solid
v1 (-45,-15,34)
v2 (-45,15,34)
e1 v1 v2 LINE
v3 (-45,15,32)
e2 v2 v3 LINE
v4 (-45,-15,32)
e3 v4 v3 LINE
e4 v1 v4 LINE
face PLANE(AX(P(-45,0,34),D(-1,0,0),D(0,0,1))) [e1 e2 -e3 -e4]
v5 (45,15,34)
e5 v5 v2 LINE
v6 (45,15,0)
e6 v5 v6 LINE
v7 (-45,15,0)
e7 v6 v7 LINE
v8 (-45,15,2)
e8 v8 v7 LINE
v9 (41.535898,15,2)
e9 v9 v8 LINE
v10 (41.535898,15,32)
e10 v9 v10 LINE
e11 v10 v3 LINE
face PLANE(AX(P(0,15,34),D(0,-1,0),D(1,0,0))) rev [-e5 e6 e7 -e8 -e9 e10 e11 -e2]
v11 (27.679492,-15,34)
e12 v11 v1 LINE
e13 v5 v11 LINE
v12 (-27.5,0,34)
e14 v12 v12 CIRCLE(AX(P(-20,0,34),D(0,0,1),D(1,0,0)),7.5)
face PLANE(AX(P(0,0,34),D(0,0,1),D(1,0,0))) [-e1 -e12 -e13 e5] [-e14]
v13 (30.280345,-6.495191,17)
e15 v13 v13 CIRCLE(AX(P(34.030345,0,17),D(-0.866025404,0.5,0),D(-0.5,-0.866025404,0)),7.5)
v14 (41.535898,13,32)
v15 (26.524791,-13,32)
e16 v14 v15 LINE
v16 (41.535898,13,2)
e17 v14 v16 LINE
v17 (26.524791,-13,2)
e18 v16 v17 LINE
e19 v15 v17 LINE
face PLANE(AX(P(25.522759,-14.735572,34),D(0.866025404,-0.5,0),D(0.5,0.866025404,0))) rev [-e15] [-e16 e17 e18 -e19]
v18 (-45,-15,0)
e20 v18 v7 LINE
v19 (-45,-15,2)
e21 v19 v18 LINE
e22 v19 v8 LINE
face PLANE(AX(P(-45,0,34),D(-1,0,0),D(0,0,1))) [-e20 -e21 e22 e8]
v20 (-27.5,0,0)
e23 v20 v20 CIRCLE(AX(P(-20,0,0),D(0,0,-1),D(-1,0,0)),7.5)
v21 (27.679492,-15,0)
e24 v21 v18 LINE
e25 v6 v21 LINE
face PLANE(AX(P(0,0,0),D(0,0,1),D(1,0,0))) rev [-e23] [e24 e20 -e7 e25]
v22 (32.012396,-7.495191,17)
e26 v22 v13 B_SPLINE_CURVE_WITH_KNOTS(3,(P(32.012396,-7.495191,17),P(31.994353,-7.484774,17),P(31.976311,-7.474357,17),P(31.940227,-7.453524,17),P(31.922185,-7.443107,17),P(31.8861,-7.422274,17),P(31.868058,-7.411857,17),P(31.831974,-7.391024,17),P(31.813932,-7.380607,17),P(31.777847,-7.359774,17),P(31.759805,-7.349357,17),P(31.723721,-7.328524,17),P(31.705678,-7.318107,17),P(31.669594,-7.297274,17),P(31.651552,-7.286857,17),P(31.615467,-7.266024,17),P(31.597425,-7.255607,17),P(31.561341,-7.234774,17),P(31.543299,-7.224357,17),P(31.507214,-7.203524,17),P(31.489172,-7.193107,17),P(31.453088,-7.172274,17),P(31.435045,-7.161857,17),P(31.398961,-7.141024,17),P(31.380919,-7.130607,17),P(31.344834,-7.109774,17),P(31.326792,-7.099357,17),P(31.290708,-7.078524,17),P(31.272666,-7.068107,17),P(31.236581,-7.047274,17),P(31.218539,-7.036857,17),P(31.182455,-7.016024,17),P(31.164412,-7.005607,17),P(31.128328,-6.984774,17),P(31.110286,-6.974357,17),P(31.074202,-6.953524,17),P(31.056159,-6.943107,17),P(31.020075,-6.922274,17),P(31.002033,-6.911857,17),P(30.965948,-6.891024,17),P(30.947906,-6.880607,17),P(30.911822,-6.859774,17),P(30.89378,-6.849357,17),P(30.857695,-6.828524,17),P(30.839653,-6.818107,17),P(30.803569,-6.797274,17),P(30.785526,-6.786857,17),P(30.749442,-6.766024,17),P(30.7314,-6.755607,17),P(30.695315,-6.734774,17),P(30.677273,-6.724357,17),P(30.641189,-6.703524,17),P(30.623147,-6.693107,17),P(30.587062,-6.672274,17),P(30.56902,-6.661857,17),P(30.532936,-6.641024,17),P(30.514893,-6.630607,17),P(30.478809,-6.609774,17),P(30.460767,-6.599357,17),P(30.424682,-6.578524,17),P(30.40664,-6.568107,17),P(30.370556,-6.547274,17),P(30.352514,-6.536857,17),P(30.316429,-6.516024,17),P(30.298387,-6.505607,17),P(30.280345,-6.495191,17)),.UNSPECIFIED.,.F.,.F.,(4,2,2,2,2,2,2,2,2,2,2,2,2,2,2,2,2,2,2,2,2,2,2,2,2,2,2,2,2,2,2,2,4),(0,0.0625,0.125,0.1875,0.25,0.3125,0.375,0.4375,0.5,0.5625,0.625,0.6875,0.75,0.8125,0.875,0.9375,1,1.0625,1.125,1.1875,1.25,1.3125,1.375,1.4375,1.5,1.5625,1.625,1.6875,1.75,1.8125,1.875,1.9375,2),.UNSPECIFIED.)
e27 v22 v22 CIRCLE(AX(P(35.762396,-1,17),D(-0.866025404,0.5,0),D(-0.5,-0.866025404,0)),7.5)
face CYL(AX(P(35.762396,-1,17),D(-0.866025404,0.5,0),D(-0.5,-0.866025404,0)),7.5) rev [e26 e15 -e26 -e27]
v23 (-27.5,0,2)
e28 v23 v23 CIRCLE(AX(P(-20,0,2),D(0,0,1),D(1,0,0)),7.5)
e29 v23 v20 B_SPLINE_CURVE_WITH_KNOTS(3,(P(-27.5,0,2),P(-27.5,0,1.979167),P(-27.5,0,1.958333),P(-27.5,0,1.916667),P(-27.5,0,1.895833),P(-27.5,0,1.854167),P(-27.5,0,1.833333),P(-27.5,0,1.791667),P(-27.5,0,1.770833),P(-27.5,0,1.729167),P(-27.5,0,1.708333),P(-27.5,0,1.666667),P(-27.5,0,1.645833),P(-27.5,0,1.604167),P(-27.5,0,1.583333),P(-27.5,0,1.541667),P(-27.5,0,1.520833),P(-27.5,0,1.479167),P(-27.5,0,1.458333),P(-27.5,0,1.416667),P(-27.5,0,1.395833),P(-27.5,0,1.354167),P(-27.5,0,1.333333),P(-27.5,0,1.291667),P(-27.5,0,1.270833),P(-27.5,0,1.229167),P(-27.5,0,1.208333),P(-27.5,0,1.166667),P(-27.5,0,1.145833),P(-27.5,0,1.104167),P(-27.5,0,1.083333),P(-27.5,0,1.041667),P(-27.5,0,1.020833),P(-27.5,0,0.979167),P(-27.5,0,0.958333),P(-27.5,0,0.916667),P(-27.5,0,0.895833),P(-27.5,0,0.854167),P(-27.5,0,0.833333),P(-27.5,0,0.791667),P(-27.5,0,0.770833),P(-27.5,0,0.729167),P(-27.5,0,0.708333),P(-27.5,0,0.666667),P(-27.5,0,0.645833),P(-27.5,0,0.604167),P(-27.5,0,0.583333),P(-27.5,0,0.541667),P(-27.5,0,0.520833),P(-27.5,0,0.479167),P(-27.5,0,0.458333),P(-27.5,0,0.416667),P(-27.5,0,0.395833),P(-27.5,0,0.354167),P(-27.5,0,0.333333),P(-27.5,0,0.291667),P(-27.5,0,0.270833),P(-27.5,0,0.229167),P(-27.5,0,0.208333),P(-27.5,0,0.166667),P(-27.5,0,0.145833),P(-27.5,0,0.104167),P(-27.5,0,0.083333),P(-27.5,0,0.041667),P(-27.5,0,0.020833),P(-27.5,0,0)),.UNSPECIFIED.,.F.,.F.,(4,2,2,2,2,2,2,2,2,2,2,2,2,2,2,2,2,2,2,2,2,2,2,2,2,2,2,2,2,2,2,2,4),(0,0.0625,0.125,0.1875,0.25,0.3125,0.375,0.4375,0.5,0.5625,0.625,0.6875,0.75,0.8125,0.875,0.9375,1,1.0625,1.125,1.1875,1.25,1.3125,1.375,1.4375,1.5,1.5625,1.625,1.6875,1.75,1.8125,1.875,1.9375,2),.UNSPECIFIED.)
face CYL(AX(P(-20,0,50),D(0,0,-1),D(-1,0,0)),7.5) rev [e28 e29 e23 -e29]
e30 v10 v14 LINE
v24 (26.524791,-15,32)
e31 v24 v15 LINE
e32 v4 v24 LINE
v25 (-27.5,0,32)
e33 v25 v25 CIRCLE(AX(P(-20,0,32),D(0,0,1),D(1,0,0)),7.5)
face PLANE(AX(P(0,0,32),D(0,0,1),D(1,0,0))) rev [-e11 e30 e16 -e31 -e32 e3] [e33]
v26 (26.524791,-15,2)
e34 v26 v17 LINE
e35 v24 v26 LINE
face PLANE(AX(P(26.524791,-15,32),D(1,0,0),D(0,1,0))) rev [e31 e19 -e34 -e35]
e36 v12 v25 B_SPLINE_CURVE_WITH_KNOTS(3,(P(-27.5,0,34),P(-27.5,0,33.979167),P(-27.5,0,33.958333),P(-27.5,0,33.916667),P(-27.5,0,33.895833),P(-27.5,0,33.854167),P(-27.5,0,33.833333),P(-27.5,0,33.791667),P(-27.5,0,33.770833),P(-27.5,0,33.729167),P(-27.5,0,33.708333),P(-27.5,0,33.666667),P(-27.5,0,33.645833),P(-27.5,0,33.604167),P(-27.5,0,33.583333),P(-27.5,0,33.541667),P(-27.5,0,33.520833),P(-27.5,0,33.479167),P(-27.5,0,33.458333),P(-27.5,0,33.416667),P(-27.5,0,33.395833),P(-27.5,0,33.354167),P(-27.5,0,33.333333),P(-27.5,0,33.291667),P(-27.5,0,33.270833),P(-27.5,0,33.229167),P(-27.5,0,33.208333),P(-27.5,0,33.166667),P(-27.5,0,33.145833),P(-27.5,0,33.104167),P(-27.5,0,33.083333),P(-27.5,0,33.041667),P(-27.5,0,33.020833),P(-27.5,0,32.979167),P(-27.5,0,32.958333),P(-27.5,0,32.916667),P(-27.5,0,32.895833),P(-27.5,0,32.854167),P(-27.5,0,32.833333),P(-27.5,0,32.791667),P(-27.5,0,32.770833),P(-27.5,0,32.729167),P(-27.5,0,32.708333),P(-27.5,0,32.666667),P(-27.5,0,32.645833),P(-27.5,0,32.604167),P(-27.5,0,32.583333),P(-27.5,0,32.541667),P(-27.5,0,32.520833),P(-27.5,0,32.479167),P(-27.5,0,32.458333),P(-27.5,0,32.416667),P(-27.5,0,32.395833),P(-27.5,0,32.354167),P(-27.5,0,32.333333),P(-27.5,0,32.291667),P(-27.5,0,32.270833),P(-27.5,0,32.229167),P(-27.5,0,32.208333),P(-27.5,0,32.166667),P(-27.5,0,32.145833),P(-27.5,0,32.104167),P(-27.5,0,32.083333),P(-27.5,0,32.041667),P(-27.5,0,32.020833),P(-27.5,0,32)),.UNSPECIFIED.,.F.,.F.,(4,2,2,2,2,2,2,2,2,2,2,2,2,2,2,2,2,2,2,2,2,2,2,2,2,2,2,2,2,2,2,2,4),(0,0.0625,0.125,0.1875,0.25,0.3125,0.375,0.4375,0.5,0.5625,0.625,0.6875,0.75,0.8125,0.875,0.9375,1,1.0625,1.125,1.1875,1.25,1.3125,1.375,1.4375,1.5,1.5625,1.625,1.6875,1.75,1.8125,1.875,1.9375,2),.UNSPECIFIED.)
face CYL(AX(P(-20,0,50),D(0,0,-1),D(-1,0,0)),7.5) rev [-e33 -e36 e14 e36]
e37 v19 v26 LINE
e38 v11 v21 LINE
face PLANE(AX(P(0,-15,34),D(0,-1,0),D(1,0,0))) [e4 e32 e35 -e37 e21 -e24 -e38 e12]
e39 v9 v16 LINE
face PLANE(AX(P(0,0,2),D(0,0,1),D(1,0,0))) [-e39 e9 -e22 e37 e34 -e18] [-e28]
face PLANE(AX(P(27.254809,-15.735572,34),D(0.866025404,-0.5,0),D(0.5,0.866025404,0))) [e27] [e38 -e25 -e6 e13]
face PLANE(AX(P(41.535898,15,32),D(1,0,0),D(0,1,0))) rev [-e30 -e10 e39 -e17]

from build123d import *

# Parameters (mm, degrees)
RESSALTO_EXTRUS_O1_DEPTH = 34
CASCA1_T                 = -2
ESBO_O2_W                = 50
ESBO_O2_H                = 30
CORTE_EXTRUS_O1_DEPTH    = 50
ESBO_O3_R                = 7.5
CORTE_EXTRUS_O2_DEPTH    = 50
ESBO_O6_W                = 36.535898385
ESBO_O6_H                = 30
CORTE_EXTRUS_O5_DEPTH    = 2
ESBO_O7_W                = 21.524791386
ESBO_O7_H                = 30
CORTE_EXTRUS_O6_DEPTH    = 2
CORTE_EXTRUS_O7_DEPTH    = 2


with BuildPart() as part:
    # Esboço1 → Ressalto-extrusão1 (new body)
    with BuildSketch(Plane.XY):
        Polygon((27.679491924, -15), (45, 15), (-45, 15), (-45, -15), align=None)
    extrude(amount=RESSALTO_EXTRUS_O1_DEPTH)

    # Casca1
    casca1_openings = [part.faces().sort_by_distance(p)[0] for p in [
        (-45, 0, 17),
    ]]
    offset(amount=CASCA1_T, openings=casca1_openings, kind=Kind.INTERSECTION)

    # Esboço2 → Corte-extrusão1 (cut)
    with BuildSketch(Plane(origin=(0, 15, 0), x_dir=(1, 0, 0), z_dir=(0, 1, 0))):
        with Locations((-20, -17)):
            Rectangle(ESBO_O2_W, ESBO_O2_H)
    extrude(amount=-CORTE_EXTRUS_O1_DEPTH, mode=Mode.SUBTRACT)

    # Esboço3 → Corte-extrusão2 (cut)
    with BuildSketch(Plane(origin=(0, 0, 0), x_dir=(-1, 0, 0), z_dir=(0, 0, -1))):
        with Locations((20, 0)):
            Circle(ESBO_O3_R)
    extrude(amount=-CORTE_EXTRUS_O2_DEPTH, mode=Mode.SUBTRACT)

    # Esboço6 → Corte-extrusão5 (cut)
    with BuildSketch(Plane(origin=(0, 13, 0), x_dir=(-1, 0, 0), z_dir=(0, -1, 0))):
        with Locations((-23.267949193, -17)):
            Rectangle(ESBO_O6_W, ESBO_O6_H)
    extrude(amount=-CORTE_EXTRUS_O5_DEPTH, mode=Mode.SUBTRACT)

    # Esboço7 → Corte-extrusão6 (cut)
    with BuildSketch(Plane(origin=(0, -13, 0), x_dir=(1, 0, 0), z_dir=(0, 1, 0))):
        with Locations((15.762395693, -17)):
            Rectangle(ESBO_O7_W, ESBO_O7_H)
    extrude(amount=-CORTE_EXTRUS_O6_DEPTH, mode=Mode.SUBTRACT)

    # Esboço8 → Corte-extrusão7 (cut)
    with BuildSketch(Plane(origin=(25.522758664, -14.735571585, 0), x_dir=(0, 0, 1), z_dir=(-0.86602540378444, 0.49999999999999784, 0))):
        with BuildLine():
            ThreePointArc((24.5, 17.015172443), (22.303300859, 22.318473302), (17, 24.515172443))
            Line((17, 24.515172443), (17, 9.515172443))
            ThreePointArc((17, 9.515172443), (22.303300859, 11.711871584), (24.5, 17.015172443))
        make_face()
        with BuildLine():
            Line((17, 9.515172443), (17, 24.515172443))
            ThreePointArc((17, 24.515172443), (9.5, 17.015172443), (17, 9.515172443))
        make_face()
    extrude(amount=-CORTE_EXTRUS_O7_DEPTH, mode=Mode.SUBTRACT)


solid = part.part
